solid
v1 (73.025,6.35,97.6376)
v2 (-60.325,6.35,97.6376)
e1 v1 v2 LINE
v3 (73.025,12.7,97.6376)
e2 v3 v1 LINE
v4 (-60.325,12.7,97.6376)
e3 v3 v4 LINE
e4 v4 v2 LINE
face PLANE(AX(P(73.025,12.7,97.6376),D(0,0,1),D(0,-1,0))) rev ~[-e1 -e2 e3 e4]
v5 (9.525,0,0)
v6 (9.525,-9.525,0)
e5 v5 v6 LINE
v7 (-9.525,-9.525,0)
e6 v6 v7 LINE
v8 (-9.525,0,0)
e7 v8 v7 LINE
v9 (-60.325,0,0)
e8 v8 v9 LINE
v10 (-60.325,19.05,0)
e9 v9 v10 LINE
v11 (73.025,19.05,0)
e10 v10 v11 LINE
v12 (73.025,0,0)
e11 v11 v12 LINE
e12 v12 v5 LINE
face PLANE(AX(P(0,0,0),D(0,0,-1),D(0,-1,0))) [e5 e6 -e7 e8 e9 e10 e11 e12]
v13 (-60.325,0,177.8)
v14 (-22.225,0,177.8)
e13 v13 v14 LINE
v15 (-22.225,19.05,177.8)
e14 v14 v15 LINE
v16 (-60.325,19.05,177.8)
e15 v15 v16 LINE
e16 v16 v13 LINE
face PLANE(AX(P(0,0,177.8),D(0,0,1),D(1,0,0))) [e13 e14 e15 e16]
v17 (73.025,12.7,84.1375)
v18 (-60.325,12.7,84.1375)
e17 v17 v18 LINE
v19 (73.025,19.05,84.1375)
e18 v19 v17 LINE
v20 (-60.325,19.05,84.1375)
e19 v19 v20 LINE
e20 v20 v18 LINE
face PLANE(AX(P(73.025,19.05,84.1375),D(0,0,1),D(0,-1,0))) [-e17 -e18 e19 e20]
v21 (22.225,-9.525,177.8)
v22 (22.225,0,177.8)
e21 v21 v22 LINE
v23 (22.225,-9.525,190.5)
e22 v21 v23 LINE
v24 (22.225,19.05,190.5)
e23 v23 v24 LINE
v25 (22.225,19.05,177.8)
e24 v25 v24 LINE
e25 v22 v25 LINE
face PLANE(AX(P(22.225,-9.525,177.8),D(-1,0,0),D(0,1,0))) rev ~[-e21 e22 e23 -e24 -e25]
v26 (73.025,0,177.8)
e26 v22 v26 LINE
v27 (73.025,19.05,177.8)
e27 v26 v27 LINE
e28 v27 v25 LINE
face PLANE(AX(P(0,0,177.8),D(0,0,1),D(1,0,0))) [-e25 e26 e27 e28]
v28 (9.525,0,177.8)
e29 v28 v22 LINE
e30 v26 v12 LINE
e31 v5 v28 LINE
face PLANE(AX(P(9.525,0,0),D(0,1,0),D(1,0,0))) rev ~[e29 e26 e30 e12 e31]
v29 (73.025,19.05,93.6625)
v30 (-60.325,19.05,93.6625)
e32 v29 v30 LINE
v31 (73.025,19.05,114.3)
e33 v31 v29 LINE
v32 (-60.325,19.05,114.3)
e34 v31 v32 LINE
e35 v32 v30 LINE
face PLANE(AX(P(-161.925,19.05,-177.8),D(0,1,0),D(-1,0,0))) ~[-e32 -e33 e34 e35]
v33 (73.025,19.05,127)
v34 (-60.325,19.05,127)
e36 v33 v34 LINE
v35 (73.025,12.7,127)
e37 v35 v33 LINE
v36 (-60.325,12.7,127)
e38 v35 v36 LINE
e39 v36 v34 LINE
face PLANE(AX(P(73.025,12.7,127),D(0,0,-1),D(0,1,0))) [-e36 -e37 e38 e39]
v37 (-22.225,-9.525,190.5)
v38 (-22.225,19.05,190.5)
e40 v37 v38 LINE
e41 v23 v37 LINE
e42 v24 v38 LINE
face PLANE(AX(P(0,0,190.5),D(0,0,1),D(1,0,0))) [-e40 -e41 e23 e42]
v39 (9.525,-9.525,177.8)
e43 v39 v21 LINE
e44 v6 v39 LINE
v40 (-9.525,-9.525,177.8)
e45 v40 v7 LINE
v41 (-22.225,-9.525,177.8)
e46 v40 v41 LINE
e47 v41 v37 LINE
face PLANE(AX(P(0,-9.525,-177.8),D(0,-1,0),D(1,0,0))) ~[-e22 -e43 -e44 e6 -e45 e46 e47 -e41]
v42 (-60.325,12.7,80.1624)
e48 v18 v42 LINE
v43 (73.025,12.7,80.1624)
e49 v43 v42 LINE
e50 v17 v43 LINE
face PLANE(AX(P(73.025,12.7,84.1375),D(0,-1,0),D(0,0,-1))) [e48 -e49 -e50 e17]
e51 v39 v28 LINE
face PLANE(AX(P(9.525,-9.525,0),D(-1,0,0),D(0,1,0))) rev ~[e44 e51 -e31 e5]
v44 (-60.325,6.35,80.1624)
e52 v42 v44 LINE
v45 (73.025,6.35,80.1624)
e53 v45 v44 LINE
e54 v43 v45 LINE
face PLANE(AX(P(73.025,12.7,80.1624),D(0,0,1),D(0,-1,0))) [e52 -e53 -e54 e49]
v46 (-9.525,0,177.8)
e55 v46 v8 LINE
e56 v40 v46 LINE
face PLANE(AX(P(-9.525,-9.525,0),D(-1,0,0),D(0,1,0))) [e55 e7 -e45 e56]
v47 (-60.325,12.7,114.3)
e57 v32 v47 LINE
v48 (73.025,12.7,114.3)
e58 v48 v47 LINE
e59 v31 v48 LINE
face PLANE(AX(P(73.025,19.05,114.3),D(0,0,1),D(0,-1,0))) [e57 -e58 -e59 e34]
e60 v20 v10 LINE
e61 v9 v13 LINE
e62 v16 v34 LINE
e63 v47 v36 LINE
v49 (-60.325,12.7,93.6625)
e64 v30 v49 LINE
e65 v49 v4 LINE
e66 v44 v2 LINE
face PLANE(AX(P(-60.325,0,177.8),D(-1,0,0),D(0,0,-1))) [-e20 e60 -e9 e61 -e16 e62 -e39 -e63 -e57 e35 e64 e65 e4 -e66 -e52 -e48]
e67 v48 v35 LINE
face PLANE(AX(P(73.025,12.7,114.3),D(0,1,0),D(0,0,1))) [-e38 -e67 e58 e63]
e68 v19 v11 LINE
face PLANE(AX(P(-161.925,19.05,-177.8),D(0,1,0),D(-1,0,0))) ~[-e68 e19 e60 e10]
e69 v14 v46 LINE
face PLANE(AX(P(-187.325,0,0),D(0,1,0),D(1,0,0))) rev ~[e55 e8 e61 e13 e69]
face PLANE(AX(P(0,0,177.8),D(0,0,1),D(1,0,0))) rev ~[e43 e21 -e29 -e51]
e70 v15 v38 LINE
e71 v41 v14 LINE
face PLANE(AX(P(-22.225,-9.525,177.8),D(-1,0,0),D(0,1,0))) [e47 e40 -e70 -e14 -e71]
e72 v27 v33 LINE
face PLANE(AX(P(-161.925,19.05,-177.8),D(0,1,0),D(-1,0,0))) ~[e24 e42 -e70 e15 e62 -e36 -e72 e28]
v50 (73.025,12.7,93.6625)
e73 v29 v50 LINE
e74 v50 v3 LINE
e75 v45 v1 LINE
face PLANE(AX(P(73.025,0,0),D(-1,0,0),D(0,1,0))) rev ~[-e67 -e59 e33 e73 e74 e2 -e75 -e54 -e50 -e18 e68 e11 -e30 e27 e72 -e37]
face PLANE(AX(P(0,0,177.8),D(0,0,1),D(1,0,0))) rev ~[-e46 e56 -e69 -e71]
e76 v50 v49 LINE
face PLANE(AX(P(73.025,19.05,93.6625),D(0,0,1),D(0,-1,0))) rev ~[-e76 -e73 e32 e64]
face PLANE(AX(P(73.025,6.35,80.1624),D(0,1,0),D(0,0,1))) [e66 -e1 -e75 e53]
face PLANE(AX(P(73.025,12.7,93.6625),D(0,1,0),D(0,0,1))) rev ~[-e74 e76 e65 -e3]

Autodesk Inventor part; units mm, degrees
ref_plane "YZ Plane" through (0, 0, 0) normal (1, 0, 0) x (0, 1, 0)
ref_plane "XZ Plane" through (0, 0, 0) normal (0, 1, 0) x (-1, 0, 0)
sketch "Sketch3" plane through (0, 0, 0) normal (0, 0, 1) x (1, 0, 0)
  line L0 (0, -9.525) -> (9.525, -9.525)
  line L1 (9.525, -9.525) -> (9.525, 0)
  line L2 (0, 0) -> (0, -9.525) construction
  line L3 (0, 0) -> (9.525, 0) construction
  line L4 (0, -9.525) -> (-9.525, -9.525)
  line L5 (-9.525, -9.525) -> (-9.525, 0)
  line L6 (9.525, 0) -> (73.025, 0)
  line L7 (-187.325, 0) -> (-187.325, 19.05)
  line L8 (-187.325, 0) -> (-9.525, 0)
  line L9 (73.025, 0) -> (73.025, 19.05)
  line L10 (73.025, 19.05) -> (-187.325, 19.05)
  dimension "d0" = 9.525
  dimension "d1" = 9.525
  dimension "d6" = 63.5
  dimension "d8" = 19.05
  dimension "d9" = 177.8
extrude "Extrusion1" add sketch "Sketch3" along normal mid plane 355.6
sketch "Sketch4" plane through (0, 0, 177.8) normal (0, 0, 1) x (1, 0, 0)
  line L0 (-187.325, 19.05) -> (73.025, 19.05) construction
  line L1 (0, 19.05) -> (0, -9.525) construction
  line L2 (9.525, -9.525) -> (-9.525, -9.525) construction
  line L3 (0, -9.525) -> (-22.225, -9.525)
  line L4 (-22.225, -9.525) -> (-22.225, 19.05)
  line L5 (-22.225, 19.05) -> (0, 19.05)
  line L6 (187.325, 19.05) -> (-73.025, 19.05) construction
  line L7 (0, -9.525) -> (22.225, -9.525)
  line L8 (22.225, -9.525) -> (22.225, 19.05)
  line L9 (0, 19.05) -> (22.225, 19.05)
  point P0 (0, 0)
  dimension "d12" = 22.225
extrude "Extrusion2" add sketch "Sketch4" along normal blind 12.7
mirror "Mirror1" about plane through (0, 0, 0) normal (0, 0, 1) of "Extrusion2"
sketch "Sketch6" plane through (-187.325, 0, -177.8) normal (0, -1, 0) x (1, 0, 0)
  line L0 (82.55, 165.1) -> (88.9, 165.1)
  line L1 (88.9, 165.1) -> (88.9, 190.5)
  line L2 (88.9, 190.5) -> (82.55, 190.5)
  line L3 (82.55, 190.5) -> (82.55, 165.1)
  line L4 (82.55, 165.1) -> (88.9, 190.5) construction
  line L5 (88.9, 165.1) -> (82.55, 190.5) construction
  line L6 (177.8, 0) -> (177.8, 355.6) projected
  point P0 (187.325, 177.8)
  point P1 (85.725, 177.8)
  dimension "d16" = 12.7
  dimension "d18" = 6.35
  dimension "d19" = 88.9
extrude "Extrusion3" cut sketch "Sketch6" against normal through all
sketch "Sketch7" plane through (0, 0, 177.8) normal (0, 0, 1) x (1, 0, 0)
  line L0 (-187.325, 19.05) -> (-22.225, 19.05) projected
  line L1 (-161.925, 19.05) -> (-117.475, 19.05)
  line L2 (-117.475, 19.05) -> (-117.475, -3.81)
  line L3 (-117.475, -3.81) -> (-161.925, -3.81)
  line L4 (-161.925, -3.81) -> (-161.925, 19.05)
  line L5 (-187.325, 19.05) -> (-187.325, 0) projected
  point P0 (0, 0)
  dimension "d22" = 44.45
  dimension "d23" = 22.86
  dimension "d24" = 25.4
extrude "Extrusion4" add sketch "Sketch7" along normal blind 12.7
mirror "Mirror2" about plane through (0, 0, 0) normal (0, 0, 1) of "Extrusion4"
sketch "Sketch9" plane through (73.025, 0, 177.8) normal (1, 0, 0) x (0, 0, -1)
  line L0 (355.6, 19.05) -> (0, 19.05) projected
  line L1 (50.8, 19.05) -> (63.5, 19.05)
  line L2 (63.5, 19.05) -> (63.5, 12.7)
  line L3 (63.5, 12.7) -> (50.8, 12.7)
  line L4 (50.8, 12.7) -> (50.8, 19.05)
  line L5 (0, 0) -> (0, 19.05) projected
  point P0 (177.8, 0)
  dimension "d28" = 12.7
  dimension "d29" = 6.35
  dimension "d30" = 50.8
extrude "Extrusion5" cut sketch "Sketch9" against normal through all
mirror "Mirror3" about plane through (0, 0, 0) normal (0, 0, 1) of "Extrusion5"
sketch "Sketch12" plane through (73.025, 0, 177.8) normal (1, 0, 0) x (0, 0, -1)
  line L0 (355.6, 0) -> (0, 0) construction
  line L1 (88.9, 0) -> (88.9, 16.5009) construction
  line L2 (0, 0) -> (0, 19.05) projected
  line L3 (50.8, 19.05) -> (0, 19.05) projected
  line L4 (84.1375, 19.05) -> (84.1375, 12.7)
  line L5 (84.1375, 12.7) -> (80.1624, 12.7)
  line L6 (80.1624, 12.7) -> (80.1624, 6.35)
  line L7 (80.1624, 6.35) -> (88.9, 6.35)
  line L8 (93.6625, 19.05) -> (93.6625, 12.7)
  line L9 (93.6625, 12.7) -> (97.6376, 12.7)
  line L10 (97.6376, 12.7) -> (97.6376, 6.35)
  line L11 (97.6376, 6.35) -> (88.9, 6.35)
  line L12 (84.1375, 19.05) -> (93.6625, 19.05)
  point P0 (177.8, 0)
  dimension "d46" = 88.9
  dimension "d47" = 4.7625
  dimension "d48" = 6.35
  dimension "d49" = 6.35
  dimension "d50" = 8.7376
extrude "Extrusion8" cut sketch "Sketch12" against normal through all
mirror "Mirror4" about plane through (0, 0, 0) normal (0, 0, 1) of "Extrusion8"
split "Split2" plane through (0, 0, 0) removes the side toward (0, 0, -1)
ref_plane "Work Plane1" through (-60.325, 0, 177.8) normal (1, 0, 0) x (0, 0, -1)
split "Split3" plane through (-60.325, 0, 177.8) removes the side toward (-1, 0, 0)
properties part number "BandSawJigBottomSpiltA-SpiltA" material "LCP Plastic"
